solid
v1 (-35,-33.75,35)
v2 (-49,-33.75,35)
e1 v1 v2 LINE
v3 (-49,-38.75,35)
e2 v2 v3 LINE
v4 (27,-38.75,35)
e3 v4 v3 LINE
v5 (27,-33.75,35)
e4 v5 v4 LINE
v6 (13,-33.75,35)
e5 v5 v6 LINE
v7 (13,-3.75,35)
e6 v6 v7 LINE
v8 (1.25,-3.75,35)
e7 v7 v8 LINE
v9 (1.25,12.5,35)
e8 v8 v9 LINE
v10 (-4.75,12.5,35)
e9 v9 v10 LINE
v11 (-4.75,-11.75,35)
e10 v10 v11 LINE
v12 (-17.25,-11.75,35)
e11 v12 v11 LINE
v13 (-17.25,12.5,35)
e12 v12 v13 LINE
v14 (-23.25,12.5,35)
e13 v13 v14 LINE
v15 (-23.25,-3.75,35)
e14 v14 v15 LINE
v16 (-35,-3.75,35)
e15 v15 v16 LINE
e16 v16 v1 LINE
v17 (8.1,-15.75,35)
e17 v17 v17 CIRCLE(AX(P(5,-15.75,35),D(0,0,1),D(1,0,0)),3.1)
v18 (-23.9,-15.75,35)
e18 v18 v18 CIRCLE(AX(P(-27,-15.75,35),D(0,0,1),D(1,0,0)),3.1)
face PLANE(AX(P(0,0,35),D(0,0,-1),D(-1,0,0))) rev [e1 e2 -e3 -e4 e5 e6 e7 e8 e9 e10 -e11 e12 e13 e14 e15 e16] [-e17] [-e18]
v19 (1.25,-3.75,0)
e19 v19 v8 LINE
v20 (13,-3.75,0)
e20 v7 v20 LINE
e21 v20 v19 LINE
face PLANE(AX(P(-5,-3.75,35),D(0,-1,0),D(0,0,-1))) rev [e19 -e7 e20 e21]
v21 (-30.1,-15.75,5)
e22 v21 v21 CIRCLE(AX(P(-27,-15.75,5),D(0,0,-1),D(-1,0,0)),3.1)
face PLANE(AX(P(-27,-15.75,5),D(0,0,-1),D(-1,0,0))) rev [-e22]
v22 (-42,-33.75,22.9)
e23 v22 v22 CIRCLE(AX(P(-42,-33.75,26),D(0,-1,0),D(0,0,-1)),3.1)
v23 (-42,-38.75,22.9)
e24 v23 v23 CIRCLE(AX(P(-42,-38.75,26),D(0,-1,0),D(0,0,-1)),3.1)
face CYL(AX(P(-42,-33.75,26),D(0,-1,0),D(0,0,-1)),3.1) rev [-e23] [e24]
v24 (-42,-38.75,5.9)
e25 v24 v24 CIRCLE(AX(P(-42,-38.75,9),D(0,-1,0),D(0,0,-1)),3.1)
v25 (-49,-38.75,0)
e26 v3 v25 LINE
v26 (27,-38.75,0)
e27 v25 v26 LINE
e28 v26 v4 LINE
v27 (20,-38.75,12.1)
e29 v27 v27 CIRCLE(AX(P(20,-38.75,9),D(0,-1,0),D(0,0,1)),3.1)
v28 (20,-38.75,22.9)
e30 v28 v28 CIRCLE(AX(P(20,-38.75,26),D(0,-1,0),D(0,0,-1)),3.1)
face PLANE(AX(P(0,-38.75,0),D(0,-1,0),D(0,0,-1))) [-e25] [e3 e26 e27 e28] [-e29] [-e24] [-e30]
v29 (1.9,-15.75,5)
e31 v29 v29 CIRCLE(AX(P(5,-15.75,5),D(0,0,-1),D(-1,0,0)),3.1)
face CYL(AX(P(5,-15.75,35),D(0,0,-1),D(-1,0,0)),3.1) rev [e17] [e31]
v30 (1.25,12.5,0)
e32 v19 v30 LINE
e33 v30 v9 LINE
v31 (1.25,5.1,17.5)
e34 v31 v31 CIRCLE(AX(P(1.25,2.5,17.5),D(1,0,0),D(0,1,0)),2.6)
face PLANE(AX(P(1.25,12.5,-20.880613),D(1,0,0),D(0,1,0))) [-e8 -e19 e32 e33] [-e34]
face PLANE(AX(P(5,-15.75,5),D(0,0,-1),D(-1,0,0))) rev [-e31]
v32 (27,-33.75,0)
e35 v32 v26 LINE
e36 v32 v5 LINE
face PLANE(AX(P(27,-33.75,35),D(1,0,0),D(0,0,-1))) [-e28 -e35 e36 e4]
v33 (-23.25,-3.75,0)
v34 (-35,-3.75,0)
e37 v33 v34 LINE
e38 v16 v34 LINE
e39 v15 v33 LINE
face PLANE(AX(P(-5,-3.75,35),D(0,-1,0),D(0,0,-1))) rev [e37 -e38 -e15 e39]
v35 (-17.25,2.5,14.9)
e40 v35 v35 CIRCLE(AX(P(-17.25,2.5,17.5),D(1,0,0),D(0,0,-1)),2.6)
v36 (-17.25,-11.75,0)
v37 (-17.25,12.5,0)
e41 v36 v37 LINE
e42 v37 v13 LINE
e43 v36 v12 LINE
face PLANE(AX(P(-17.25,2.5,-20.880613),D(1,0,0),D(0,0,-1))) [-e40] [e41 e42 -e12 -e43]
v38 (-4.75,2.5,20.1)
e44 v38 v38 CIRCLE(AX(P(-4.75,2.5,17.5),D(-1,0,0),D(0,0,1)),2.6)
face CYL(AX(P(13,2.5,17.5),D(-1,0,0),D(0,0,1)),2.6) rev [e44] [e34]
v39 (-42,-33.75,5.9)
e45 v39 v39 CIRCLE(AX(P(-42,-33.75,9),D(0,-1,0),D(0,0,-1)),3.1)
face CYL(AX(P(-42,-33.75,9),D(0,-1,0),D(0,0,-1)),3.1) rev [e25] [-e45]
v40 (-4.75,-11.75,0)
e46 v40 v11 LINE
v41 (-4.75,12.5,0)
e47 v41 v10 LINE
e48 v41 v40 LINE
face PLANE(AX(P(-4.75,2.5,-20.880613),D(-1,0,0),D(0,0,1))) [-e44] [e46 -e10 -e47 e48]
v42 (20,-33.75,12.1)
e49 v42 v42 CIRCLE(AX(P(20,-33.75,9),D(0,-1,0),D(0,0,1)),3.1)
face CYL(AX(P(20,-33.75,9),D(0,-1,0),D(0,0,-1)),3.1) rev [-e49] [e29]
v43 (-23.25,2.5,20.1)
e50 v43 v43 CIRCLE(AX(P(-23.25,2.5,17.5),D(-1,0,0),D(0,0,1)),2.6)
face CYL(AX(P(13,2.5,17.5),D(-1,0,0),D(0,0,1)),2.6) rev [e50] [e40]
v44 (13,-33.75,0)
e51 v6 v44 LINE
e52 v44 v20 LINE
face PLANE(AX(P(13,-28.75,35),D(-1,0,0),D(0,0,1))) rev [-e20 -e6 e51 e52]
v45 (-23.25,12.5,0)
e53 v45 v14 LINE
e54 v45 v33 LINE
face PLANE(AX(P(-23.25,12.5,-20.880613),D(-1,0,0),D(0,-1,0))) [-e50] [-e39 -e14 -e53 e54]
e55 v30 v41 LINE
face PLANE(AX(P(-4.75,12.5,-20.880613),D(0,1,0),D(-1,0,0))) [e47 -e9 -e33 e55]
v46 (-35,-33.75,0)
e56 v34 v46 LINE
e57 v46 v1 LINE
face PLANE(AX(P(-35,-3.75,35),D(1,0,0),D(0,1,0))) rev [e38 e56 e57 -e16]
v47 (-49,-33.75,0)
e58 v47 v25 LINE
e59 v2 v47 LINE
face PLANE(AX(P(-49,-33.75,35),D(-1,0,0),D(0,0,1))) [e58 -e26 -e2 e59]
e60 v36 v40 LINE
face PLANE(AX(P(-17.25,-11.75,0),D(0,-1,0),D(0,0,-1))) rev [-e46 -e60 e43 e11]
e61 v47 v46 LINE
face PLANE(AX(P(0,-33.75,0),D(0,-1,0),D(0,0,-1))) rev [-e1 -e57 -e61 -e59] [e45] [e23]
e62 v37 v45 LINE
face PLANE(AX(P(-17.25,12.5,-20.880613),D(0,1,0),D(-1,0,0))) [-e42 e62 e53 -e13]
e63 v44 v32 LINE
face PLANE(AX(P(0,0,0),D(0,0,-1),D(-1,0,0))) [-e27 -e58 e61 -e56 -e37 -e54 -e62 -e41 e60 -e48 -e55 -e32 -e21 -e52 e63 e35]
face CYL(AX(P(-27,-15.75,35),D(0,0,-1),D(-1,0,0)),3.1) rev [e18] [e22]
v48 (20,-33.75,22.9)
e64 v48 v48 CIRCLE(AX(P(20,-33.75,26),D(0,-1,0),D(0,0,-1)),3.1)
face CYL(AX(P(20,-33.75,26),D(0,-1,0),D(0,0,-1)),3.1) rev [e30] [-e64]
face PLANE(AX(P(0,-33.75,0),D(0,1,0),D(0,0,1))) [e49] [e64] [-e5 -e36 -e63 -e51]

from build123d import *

# Parameters (mm, degrees)
SKETCH1_R           = 3.1
BOSS_EXTRUDE1_DEPTH = 35
SKETCH2_R           = 3.1
BOSS_EXTRUDE2_DEPTH = 5
BOSS_EXTRUDE3_DEPTH = 35
SKETCH4_R           = 2.6
CUT_EXTRUDE1_DEPTH  = 37.25
SKETCH6_W           = 12.5
SKETCH6_H           = 8
CUT_EXTRUDE2_DEPTH  = 36
SKETCH7_W           = 48
SKETCH7_H           = 35
BOSS_EXTRUDE4_DEPTH = 10
SKETCH8_W           = 14
SKETCH8_H           = 35
SKETCH8_R           = 3.1
BOSS_EXTRUDE5_DEPTH = 5


with BuildPart() as part:
    # Sketch1 → Boss-Extrude1 (new body)
    with BuildSketch(Plane.XY):
        Polygon((-5, -3.75), (-35, -3.75), (-35, -28.75), (13, -28.75), (13, -3.75), align=None)
        with Locations((5, -15.75)):
            Circle(SKETCH1_R, mode=Mode.SUBTRACT)
        with Locations((-27, -15.75)):
            Circle(SKETCH1_R, mode=Mode.SUBTRACT)
    extrude(amount=BOSS_EXTRUDE1_DEPTH)

    # Sketch2 → Boss-Extrude2 (add)
    with BuildSketch(Plane(origin=(0, 0, 0), x_dir=(-1, 0, 0), z_dir=(0, 0, -1))):
        with Locations((27, -15.75)):
            Circle(SKETCH2_R)
        with Locations((-5, -15.75)):
            Circle(SKETCH2_R)
    extrude(amount=-BOSS_EXTRUDE2_DEPTH)

    # Sketch3 → Boss-Extrude3 (add)
    with BuildSketch(Plane.XY.offset(35)):
        Polygon((-17.25, 2.5), (-17.25, -7.5), (-23.25, -7.5), (-23.25, 12.5), (-17.25, 12.5), align=None)
        Polygon((-4.75, 2.5), (-4.75, -7.5), (1.25, -7.5), (1.25, 12.5), (-4.75, 12.5), align=None)
    extrude(amount=-BOSS_EXTRUDE3_DEPTH)

    # Sketch4 → Cut-Extrude1 (cut, through all)
    with BuildSketch(Plane.ZY.offset(23.25)):
        with Locations((17.5, 2.5)):
            Circle(SKETCH4_R)
    extrude(amount=-CUT_EXTRUDE1_DEPTH, mode=Mode.SUBTRACT)

    # Sketch6 → Cut-Extrude2 (cut, through all)
    with BuildSketch(Plane.XY.offset(35)):
        with Locations((-11, -7.75)):
            Rectangle(SKETCH6_W, SKETCH6_H)
    extrude(amount=-CUT_EXTRUDE2_DEPTH, mode=Mode.SUBTRACT)

    # Sketch7 → Boss-Extrude4 (add)
    with BuildSketch(Plane.XZ.offset(28.75)):
        with Locations((-11, 17.5)):
            Rectangle(SKETCH7_W, SKETCH7_H)
    extrude(amount=BOSS_EXTRUDE4_DEPTH)

    # Sketch8 → Boss-Extrude5 (add)
    with BuildSketch(Plane.XZ.offset(38.75)):
        with Locations((-42, 17.5)):
            Rectangle(SKETCH8_W, SKETCH8_H)
        with Locations((-42, 9)):
            Circle(SKETCH8_R, mode=Mode.SUBTRACT)
        with Locations((-42, 26)):
            Circle(SKETCH8_R, mode=Mode.SUBTRACT)
        with Locations((20, 17.5)):
            Rectangle(SKETCH8_W, SKETCH8_H)
        with Locations((20, 9)):
            Circle(SKETCH8_R, mode=Mode.SUBTRACT)
        with Locations((20, 26)):
            Circle(SKETCH8_R, mode=Mode.SUBTRACT)
    extrude(amount=-BOSS_EXTRUDE5_DEPTH)


solid = part.part
